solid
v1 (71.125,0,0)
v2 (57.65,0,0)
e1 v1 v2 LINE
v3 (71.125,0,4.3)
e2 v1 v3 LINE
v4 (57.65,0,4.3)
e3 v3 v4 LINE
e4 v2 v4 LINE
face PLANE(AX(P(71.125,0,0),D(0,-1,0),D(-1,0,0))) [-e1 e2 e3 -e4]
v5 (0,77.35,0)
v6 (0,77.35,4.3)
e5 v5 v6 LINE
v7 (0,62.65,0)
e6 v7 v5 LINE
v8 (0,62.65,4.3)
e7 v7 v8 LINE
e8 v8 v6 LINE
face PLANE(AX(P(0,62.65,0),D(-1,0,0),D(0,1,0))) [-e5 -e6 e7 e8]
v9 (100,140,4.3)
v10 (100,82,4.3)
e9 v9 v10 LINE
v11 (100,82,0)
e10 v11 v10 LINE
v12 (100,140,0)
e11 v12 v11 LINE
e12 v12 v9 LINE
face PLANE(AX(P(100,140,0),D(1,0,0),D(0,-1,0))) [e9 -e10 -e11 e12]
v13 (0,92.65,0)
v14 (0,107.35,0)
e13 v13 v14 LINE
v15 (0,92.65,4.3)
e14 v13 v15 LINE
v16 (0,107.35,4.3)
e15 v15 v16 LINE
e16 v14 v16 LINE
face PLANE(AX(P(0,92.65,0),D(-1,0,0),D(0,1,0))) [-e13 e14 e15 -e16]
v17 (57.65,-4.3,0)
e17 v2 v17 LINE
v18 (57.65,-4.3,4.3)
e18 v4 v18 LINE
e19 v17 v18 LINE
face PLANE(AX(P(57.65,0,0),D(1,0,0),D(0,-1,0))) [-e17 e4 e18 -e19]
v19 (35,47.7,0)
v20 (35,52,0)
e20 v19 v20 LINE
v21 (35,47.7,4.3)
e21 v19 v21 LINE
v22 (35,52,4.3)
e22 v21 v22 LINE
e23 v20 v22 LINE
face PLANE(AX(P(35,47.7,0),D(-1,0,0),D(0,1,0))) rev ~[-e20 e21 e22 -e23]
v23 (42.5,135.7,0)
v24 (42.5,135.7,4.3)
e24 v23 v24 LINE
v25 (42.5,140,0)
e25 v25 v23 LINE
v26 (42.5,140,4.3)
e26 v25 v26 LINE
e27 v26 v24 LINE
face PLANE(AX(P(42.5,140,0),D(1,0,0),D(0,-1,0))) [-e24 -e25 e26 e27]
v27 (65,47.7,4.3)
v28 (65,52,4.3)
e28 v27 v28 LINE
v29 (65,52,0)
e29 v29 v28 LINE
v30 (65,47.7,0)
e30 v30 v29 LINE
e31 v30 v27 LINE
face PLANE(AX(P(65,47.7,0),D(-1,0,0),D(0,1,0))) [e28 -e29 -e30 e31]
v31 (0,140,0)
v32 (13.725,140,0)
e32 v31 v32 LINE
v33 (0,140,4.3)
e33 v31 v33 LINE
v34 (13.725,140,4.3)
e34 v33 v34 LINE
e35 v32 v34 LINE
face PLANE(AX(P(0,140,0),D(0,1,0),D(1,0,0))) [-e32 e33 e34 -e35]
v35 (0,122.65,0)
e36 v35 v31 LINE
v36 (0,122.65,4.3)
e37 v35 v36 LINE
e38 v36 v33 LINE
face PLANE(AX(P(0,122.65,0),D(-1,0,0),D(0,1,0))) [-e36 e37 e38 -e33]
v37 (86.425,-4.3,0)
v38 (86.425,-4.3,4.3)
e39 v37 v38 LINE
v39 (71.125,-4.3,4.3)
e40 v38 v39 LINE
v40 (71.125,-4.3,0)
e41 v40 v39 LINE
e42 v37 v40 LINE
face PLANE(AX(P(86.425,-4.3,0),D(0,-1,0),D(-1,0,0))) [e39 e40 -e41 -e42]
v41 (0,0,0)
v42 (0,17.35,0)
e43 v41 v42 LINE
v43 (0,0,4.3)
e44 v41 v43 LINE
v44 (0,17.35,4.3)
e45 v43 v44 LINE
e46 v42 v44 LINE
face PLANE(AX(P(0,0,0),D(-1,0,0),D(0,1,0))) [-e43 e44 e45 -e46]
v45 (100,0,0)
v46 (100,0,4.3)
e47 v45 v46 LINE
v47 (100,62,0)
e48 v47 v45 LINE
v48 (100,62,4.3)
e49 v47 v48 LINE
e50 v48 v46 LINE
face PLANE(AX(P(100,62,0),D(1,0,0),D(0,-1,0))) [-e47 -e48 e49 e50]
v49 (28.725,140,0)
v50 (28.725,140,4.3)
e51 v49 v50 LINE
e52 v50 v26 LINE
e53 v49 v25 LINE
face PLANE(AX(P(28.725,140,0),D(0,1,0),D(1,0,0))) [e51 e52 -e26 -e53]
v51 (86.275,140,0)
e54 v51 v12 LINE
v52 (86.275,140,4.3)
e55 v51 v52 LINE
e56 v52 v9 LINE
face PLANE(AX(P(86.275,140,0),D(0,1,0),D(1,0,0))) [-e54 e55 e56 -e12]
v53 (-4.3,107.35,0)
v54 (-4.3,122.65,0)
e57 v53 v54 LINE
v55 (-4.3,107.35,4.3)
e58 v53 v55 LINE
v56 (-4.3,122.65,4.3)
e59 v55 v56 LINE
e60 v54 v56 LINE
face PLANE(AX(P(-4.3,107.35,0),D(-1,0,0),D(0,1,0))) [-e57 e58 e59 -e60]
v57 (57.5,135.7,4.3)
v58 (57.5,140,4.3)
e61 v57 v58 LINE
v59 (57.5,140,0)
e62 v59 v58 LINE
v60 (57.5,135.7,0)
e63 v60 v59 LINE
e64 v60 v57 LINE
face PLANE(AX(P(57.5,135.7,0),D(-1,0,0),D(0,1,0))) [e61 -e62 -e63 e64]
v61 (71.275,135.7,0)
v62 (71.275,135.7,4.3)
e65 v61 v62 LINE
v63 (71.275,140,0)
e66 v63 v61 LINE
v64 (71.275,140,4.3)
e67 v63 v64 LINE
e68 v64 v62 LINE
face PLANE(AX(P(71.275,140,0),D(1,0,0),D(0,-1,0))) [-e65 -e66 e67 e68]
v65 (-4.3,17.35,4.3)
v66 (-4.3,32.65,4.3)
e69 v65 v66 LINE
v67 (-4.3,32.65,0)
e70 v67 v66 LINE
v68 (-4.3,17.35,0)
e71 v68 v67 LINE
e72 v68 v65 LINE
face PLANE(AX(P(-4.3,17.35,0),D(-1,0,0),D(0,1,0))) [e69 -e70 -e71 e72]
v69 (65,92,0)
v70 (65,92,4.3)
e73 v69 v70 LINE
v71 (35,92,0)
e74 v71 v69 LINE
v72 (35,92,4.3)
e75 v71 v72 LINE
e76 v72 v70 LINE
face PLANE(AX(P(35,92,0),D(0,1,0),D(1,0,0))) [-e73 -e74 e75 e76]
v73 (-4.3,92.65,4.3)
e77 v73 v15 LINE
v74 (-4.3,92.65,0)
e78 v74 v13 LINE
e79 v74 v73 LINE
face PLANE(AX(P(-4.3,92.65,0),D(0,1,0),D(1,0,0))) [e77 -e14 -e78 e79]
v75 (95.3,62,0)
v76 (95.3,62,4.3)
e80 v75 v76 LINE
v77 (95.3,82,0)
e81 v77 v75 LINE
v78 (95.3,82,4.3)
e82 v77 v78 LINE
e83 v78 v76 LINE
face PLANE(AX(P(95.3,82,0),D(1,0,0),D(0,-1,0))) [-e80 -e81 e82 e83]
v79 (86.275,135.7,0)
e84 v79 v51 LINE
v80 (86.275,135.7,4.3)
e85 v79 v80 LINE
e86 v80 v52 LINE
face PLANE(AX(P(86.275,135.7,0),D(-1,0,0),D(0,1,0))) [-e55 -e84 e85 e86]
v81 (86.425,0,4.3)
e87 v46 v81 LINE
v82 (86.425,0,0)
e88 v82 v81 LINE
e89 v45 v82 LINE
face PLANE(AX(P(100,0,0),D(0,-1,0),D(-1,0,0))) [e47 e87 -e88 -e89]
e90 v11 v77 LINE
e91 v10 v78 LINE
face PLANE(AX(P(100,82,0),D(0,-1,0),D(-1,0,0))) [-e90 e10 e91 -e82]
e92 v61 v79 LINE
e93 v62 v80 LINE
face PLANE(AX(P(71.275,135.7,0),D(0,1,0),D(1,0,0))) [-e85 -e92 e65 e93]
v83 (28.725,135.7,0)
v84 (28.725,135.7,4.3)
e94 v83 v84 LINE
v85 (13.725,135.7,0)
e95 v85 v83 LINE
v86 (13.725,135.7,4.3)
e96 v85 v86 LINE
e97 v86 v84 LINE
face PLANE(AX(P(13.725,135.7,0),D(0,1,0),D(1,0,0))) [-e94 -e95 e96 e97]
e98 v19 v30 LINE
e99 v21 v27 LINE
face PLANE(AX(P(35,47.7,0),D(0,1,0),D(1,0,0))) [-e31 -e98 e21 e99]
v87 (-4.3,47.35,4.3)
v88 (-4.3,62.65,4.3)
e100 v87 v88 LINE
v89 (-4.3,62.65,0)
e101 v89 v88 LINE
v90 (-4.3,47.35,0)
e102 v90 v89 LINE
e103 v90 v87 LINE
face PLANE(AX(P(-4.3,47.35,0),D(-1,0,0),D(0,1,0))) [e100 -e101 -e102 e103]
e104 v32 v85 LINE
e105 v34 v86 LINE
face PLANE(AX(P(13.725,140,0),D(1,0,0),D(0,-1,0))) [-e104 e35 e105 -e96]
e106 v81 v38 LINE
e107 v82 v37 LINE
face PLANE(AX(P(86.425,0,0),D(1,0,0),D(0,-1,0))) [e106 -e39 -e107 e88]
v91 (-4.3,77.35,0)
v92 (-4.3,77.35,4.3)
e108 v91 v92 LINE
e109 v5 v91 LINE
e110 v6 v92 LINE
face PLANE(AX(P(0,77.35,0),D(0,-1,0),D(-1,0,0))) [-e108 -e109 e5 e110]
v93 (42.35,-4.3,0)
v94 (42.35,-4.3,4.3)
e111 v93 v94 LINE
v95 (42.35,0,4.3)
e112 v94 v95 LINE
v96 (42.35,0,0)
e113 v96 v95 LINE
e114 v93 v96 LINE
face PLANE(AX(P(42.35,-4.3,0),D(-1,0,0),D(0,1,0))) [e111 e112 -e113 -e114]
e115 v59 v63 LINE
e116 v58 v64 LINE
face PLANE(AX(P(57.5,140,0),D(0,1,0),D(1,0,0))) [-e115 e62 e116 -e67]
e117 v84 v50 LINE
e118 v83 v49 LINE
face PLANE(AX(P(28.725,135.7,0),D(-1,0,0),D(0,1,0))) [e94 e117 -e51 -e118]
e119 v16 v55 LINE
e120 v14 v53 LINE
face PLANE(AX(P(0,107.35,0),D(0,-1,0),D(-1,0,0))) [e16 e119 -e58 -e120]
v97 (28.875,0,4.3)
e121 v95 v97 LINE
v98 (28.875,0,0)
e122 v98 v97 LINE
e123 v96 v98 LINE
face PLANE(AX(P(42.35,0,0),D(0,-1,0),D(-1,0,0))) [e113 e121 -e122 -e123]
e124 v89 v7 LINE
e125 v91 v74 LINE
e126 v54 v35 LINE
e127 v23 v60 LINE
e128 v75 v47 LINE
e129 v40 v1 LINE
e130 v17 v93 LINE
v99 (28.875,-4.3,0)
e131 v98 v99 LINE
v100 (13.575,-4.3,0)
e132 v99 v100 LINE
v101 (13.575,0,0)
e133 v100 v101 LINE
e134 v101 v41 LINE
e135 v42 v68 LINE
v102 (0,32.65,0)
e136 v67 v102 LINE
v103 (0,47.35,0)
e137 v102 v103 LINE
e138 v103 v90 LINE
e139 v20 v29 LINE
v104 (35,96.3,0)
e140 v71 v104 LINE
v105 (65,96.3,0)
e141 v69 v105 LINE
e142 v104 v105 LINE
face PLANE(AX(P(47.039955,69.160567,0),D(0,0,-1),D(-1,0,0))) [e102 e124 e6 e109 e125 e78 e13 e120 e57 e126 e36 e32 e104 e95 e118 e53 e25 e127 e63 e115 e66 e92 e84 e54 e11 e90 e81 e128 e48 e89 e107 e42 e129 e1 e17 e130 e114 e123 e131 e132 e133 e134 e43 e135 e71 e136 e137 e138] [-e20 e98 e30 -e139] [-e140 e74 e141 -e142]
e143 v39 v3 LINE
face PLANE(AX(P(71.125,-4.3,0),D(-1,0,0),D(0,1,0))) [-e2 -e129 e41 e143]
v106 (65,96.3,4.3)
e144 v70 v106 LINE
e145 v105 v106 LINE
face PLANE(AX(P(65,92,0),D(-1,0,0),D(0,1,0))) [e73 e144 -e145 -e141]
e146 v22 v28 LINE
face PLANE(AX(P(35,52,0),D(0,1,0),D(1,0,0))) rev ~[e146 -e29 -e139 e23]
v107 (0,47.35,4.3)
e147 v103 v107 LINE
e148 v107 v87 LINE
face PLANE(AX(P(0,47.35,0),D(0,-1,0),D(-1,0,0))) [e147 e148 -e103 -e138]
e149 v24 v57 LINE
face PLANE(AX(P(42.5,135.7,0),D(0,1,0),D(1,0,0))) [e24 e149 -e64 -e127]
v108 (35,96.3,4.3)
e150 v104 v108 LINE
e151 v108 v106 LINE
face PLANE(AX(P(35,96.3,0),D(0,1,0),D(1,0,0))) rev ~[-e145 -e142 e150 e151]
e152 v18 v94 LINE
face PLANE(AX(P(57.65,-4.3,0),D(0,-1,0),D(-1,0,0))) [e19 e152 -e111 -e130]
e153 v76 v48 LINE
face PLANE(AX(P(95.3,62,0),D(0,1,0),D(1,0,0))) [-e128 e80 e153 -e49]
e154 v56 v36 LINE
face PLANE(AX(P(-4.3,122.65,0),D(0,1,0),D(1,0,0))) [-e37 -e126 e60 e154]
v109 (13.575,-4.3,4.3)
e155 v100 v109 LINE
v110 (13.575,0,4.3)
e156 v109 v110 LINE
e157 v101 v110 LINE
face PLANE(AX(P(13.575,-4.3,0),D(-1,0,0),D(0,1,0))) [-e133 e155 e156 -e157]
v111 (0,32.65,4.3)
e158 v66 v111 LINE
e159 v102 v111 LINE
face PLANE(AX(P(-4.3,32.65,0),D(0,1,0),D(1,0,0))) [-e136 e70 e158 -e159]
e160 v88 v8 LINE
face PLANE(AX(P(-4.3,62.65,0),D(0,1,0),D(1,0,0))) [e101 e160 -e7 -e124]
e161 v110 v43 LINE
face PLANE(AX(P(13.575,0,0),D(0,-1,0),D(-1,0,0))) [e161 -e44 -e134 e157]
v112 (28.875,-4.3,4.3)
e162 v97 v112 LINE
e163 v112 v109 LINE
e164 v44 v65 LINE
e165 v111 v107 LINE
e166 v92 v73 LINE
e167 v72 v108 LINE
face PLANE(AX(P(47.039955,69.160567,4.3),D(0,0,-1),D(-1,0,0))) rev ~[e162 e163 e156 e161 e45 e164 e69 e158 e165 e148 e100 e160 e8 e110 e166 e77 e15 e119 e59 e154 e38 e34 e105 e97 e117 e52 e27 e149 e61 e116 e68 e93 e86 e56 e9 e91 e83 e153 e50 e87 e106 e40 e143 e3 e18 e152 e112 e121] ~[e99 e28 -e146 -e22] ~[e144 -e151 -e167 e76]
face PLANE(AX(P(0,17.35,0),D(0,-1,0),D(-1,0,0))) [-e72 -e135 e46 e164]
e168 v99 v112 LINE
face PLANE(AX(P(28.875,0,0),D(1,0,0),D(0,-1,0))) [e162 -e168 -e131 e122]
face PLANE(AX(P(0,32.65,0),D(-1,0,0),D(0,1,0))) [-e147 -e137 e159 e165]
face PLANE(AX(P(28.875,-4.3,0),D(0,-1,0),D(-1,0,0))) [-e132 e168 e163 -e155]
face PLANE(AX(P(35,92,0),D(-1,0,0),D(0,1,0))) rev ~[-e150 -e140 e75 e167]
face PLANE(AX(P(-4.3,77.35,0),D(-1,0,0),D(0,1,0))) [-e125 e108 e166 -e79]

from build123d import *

# Parameters (mm, degrees)
SKETCH2_W           = 30
SKETCH2_H           = 4.3
BOSS_EXTRUDE1_DEPTH = 4.3


with BuildPart() as part:
    # Sketch2 → Boss-Extrude1 (new body)
    with BuildSketch(Plane.XY):
        Polygon((100, 140), (100, 82), (95.3, 82), (95.3, 62), (100, 62), (100, 0), (86.425, 0), (86.425, -4.3), (71.125, -4.3), (71.125, 0), (57.65, 0), (57.65, -4.3), (42.35, -4.3), (42.35, 0), (28.875, 0), (28.875, -4.3), (13.575, -4.3), (13.575, 0), (0, 0), (0, 17.35), (-4.3, 17.35), (-4.3, 32.65), (0, 32.65), (0, 47.35), (-4.3, 47.35), (-4.3, 62.65), (0, 62.65), (0, 77.35), (-4.3, 77.35), (-4.3, 92.65), (0, 92.65), (0, 107.35), (-4.3, 107.35), (-4.3, 122.65), (0, 122.65), (0, 140), (13.725, 140), (13.725, 135.7), (28.725, 135.7), (28.725, 140), (42.5, 140), (42.5, 135.7), (57.5, 135.7), (57.5, 140), (71.275, 140), (71.275, 135.7), (86.275, 135.7), (86.275, 140), align=None)
        with Locations((50, 49.85)):
            Rectangle(SKETCH2_W, SKETCH2_H, mode=Mode.SUBTRACT)
        with Locations((50, 94.15)):
            Rectangle(SKETCH2_W, SKETCH2_H, mode=Mode.SUBTRACT)
    extrude(amount=BOSS_EXTRUDE1_DEPTH)


solid = part.part
